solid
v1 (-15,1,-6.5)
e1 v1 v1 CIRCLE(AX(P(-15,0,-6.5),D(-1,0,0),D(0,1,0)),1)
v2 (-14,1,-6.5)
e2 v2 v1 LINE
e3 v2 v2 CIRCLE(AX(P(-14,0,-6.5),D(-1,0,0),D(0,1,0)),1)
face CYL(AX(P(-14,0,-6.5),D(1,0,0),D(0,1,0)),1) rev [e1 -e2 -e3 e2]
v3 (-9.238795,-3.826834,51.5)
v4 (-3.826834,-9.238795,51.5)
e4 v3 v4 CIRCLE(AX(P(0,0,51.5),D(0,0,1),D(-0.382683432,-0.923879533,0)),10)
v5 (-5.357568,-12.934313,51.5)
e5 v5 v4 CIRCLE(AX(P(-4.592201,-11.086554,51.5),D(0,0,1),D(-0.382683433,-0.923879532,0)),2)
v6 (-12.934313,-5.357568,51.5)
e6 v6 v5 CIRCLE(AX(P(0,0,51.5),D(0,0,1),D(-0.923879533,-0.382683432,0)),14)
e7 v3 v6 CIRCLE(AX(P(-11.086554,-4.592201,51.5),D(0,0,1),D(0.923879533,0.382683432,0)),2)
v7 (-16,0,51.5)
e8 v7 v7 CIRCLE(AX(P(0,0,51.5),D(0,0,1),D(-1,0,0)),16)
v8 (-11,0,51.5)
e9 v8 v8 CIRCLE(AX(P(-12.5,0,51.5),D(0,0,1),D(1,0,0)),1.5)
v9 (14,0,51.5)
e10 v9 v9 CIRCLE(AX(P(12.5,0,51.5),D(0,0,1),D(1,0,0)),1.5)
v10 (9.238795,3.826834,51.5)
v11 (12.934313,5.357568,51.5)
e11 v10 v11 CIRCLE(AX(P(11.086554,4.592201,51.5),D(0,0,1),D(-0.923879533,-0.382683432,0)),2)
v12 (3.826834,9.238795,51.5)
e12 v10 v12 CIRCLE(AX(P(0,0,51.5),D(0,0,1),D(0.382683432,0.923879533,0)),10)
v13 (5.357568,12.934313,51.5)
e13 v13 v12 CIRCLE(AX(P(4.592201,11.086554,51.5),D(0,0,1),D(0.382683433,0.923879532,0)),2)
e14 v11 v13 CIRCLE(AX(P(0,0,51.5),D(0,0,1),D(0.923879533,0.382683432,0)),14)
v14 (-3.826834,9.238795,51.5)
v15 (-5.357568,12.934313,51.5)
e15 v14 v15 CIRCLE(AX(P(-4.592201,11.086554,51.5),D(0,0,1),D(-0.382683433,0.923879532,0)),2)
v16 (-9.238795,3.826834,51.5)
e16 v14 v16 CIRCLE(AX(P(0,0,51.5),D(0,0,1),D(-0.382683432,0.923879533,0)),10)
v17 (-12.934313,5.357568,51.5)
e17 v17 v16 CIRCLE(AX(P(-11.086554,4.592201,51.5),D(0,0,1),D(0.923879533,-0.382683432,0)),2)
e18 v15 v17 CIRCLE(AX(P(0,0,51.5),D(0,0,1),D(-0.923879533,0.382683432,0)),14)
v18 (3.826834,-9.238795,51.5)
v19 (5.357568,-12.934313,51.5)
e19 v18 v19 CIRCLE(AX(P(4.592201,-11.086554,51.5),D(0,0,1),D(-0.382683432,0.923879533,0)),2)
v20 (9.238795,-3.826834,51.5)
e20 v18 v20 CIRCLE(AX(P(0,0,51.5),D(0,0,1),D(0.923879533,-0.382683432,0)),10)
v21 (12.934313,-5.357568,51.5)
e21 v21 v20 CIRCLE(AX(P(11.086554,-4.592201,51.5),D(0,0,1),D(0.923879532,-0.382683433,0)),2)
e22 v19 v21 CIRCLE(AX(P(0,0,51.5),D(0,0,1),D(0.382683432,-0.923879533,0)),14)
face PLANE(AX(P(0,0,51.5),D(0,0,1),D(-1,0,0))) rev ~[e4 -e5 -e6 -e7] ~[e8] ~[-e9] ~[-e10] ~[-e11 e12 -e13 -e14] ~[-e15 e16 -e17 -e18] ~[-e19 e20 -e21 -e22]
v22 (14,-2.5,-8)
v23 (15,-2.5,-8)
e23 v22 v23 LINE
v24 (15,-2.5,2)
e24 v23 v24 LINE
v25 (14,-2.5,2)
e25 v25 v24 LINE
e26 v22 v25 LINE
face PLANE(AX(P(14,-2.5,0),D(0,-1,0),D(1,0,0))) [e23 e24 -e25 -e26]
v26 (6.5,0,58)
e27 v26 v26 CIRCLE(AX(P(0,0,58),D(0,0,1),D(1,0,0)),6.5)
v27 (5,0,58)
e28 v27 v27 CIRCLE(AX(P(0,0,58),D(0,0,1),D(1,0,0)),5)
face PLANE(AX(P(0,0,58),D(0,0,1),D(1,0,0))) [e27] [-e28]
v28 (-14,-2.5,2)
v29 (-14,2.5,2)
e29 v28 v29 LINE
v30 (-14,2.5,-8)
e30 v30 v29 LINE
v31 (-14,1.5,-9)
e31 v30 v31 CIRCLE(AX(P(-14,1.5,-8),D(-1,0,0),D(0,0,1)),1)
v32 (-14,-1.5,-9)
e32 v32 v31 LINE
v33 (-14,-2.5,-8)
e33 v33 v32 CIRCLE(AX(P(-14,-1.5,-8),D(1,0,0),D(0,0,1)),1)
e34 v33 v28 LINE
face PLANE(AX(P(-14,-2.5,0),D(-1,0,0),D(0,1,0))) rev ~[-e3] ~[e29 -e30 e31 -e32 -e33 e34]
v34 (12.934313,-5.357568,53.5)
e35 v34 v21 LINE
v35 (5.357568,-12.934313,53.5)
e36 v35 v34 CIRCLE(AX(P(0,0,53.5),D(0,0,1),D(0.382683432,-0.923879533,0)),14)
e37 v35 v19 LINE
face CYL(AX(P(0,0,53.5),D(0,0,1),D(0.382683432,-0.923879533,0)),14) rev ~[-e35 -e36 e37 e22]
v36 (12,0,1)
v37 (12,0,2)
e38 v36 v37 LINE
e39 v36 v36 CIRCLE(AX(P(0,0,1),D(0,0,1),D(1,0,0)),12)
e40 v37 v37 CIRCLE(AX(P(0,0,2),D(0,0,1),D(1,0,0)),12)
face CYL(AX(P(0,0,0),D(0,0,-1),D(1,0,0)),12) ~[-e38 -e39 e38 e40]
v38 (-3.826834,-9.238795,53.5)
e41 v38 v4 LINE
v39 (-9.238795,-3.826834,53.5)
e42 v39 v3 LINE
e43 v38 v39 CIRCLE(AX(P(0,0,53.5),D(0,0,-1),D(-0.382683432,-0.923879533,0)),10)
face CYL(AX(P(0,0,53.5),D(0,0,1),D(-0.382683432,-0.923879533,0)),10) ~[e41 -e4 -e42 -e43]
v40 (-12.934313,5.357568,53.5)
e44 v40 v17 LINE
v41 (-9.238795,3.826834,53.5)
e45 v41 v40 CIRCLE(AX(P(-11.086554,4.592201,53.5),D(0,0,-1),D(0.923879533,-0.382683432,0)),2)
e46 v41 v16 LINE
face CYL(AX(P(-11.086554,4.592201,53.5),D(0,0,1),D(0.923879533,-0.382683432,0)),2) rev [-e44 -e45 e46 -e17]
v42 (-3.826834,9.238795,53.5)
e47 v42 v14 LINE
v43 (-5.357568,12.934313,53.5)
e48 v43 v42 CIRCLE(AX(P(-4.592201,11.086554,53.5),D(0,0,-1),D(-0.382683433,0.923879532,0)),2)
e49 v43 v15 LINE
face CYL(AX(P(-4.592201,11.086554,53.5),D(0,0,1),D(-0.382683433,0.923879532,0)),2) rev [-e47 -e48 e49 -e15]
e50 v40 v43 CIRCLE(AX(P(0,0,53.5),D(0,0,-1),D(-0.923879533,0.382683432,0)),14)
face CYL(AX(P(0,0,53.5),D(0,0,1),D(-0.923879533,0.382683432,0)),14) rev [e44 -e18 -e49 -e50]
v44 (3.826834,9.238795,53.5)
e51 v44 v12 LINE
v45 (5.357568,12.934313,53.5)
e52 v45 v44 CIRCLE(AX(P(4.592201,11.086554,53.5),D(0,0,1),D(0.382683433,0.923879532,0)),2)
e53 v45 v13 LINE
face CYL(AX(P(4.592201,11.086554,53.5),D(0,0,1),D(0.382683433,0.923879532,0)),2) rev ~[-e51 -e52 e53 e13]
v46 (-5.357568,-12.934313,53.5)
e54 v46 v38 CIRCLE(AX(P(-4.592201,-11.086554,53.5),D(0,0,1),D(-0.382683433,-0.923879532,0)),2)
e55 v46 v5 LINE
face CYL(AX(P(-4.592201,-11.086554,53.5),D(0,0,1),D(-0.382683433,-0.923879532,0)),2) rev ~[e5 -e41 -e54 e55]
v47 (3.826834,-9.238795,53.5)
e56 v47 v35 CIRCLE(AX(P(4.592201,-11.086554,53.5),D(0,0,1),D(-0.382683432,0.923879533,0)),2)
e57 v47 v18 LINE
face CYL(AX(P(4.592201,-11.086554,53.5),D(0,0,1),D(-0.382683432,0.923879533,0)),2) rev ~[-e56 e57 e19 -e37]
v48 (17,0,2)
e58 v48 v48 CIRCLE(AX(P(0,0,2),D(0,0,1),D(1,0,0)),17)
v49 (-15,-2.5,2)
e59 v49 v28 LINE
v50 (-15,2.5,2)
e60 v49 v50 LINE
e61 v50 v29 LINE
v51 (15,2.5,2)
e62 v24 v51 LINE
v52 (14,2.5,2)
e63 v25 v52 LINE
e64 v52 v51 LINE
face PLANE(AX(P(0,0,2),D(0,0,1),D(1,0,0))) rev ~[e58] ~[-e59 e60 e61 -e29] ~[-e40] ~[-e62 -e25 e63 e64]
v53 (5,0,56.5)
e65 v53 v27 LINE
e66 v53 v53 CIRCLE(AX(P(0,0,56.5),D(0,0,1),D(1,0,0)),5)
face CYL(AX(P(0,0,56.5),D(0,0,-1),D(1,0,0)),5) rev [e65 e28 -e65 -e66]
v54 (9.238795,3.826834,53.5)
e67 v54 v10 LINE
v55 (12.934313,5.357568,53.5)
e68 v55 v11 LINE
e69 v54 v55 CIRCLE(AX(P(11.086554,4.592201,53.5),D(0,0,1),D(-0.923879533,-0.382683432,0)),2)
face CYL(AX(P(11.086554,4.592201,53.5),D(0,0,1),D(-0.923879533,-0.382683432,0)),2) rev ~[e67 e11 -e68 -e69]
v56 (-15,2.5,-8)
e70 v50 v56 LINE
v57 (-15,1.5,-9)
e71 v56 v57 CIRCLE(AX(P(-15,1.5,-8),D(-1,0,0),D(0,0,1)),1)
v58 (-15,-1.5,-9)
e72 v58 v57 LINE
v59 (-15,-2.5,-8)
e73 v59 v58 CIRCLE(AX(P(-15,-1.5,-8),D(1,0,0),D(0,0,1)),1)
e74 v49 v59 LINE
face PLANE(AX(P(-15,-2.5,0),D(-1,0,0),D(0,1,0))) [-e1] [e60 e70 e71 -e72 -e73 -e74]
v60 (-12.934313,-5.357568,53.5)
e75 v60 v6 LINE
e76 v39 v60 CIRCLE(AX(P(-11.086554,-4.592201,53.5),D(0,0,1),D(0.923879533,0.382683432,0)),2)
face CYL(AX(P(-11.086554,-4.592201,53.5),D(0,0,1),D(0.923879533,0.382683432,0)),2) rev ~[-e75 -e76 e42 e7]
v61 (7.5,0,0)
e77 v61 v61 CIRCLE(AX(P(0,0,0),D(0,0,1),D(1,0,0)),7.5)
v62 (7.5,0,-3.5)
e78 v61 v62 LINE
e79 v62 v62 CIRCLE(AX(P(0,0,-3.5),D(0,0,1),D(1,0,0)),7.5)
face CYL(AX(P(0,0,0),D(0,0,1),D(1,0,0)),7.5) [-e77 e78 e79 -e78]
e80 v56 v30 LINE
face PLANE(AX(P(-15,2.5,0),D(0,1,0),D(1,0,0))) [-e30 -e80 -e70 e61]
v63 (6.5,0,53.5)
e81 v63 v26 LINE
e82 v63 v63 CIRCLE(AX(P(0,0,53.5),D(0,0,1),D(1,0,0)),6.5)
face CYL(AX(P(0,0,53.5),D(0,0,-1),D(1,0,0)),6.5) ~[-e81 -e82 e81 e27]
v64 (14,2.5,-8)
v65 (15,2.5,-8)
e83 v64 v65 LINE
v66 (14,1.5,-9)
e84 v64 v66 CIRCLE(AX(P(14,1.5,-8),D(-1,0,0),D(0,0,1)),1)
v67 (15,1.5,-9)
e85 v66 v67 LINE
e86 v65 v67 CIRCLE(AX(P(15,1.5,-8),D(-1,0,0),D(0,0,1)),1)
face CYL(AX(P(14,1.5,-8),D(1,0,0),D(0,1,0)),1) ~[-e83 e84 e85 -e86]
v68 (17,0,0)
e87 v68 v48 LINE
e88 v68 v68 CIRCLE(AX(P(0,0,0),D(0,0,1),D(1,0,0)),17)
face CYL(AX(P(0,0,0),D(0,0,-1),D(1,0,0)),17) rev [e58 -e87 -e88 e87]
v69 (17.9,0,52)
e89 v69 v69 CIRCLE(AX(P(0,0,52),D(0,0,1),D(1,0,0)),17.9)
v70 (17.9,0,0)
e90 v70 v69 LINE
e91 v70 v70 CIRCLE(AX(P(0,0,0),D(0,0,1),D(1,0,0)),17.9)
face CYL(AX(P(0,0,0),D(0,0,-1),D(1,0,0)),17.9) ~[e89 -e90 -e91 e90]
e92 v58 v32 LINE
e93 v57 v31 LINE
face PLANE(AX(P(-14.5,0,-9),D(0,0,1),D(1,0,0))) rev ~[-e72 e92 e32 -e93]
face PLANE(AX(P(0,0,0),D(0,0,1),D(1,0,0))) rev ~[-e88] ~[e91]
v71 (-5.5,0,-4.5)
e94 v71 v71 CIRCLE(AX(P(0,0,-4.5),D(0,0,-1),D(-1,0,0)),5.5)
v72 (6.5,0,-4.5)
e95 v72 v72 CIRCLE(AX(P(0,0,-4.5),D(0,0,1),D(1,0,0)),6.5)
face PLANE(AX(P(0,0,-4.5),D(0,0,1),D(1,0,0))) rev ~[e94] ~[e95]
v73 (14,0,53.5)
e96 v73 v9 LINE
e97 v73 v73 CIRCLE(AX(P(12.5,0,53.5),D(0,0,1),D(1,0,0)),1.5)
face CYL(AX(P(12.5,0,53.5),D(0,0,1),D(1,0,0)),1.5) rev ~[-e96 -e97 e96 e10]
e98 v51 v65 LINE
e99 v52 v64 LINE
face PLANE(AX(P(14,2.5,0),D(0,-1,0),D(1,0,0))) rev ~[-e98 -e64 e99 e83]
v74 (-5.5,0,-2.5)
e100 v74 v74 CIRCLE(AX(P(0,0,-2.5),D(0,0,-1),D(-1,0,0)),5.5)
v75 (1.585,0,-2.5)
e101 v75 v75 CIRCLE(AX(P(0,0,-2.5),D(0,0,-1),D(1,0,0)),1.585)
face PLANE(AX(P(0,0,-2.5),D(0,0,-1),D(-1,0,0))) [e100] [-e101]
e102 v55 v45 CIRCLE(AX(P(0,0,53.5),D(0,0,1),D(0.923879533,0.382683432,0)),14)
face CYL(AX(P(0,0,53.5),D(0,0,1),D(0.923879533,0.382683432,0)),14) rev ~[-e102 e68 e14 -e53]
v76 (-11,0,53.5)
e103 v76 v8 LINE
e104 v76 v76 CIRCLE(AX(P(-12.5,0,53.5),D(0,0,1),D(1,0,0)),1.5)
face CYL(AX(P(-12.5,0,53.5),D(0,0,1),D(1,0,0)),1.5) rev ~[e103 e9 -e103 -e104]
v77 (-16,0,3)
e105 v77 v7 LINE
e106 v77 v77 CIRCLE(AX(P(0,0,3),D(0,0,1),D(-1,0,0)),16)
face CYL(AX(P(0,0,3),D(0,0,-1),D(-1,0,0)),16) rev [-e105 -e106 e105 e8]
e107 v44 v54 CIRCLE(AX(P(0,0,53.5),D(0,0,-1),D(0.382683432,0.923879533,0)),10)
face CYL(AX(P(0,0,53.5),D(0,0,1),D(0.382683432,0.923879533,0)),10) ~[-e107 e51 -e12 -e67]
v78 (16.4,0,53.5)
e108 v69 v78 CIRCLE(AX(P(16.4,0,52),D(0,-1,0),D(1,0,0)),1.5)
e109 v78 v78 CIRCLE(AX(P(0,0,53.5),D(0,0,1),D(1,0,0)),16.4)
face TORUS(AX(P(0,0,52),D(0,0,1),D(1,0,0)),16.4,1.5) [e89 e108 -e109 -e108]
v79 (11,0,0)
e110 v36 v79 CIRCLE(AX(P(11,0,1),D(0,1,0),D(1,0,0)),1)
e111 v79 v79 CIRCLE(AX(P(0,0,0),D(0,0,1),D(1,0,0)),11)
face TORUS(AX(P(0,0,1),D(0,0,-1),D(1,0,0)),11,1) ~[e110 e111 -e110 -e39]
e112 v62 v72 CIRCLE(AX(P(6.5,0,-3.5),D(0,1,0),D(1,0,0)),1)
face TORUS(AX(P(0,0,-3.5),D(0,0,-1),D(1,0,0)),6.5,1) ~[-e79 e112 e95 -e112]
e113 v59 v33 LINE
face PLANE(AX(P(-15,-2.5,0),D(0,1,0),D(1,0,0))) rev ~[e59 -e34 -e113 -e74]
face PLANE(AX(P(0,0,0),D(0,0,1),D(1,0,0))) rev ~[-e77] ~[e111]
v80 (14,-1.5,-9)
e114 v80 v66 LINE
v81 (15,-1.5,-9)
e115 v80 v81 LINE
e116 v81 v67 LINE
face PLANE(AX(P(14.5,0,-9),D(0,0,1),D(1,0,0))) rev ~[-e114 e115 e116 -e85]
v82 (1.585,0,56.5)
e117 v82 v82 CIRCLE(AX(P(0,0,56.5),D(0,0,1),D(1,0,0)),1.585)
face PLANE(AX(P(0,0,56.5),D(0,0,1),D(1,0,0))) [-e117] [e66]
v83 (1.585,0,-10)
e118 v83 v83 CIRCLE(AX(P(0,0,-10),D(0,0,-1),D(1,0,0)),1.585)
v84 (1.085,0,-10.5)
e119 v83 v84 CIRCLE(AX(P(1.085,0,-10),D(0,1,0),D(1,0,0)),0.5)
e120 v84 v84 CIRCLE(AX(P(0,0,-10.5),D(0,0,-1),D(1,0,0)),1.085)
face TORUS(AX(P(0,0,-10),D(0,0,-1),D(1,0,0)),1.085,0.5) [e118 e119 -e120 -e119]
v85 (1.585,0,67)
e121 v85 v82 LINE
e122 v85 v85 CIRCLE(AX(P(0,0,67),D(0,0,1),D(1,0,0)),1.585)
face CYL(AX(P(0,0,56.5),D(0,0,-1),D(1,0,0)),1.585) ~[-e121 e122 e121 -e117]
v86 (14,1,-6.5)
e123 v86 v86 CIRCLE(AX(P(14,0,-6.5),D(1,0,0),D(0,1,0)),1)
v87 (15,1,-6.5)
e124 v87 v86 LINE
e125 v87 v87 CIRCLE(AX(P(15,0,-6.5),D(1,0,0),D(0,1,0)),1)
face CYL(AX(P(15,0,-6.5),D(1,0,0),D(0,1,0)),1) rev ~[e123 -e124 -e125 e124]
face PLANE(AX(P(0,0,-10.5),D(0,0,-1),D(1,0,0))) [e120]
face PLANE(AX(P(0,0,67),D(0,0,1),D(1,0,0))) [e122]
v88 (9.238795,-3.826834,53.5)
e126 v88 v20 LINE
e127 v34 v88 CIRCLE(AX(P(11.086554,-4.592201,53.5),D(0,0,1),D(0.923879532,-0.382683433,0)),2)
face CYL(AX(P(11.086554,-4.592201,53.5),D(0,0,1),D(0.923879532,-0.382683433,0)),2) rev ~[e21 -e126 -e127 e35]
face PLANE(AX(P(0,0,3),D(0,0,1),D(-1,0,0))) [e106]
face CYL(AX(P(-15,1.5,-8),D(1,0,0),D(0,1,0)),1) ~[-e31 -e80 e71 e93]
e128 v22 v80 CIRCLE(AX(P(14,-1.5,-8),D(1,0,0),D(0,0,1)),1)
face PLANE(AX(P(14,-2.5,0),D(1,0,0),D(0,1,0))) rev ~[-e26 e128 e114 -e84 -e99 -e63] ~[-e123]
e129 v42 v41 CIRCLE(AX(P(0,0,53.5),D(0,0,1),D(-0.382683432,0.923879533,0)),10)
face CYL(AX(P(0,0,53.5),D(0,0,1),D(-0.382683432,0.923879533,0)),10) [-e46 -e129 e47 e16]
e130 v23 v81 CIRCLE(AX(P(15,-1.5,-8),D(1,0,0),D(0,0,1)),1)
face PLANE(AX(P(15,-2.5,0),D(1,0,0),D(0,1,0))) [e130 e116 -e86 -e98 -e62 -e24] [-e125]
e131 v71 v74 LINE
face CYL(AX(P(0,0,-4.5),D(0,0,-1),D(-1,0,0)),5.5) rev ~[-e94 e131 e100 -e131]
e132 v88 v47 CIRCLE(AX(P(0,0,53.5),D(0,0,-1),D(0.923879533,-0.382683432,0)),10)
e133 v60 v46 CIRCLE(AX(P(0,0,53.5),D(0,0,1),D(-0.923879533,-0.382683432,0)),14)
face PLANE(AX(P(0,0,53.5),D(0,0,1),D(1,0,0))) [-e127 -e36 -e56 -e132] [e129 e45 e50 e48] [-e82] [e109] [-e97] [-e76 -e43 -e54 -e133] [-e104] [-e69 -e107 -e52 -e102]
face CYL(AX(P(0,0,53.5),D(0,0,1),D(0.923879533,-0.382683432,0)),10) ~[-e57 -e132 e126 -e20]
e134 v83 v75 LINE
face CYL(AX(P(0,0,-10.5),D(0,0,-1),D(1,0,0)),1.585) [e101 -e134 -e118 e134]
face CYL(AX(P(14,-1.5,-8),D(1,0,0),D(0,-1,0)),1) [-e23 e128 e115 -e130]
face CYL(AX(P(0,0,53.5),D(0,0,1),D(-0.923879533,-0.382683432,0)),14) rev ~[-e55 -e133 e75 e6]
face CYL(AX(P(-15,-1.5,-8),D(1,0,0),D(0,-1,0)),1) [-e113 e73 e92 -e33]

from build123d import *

# Parameters (mm, degrees)
SKETCH_1_R           = 17.9
EXTRUDE_1_DEPTH      = 53.5
SKETCH_2_R           = 6.5
EXTRUDE_2_DEPTH      = 4.5
SKETCH_2_3_R         = 1.5
CUT_EXTRUDE_1_DEPTH  = 10
SKETCH_5_R           = 1.585
EXTRUDE_3_DEPTH      = 9
CUT_EXTRUDE_START    = -1.5
SKETCH_5_3_R         = 5
SKETCH_5_3_R_2       = 1.585
CUT_EXTRUDE_2_DEPTH  = 1.5
CUT_EXTRUDE_3_DEPTH  = 5
SKETCH_8_R           = 16
CUT_EXTRUDE_4_DEPTH  = 48.5
SKETCH_1_5_R         = 7.5
EXTRUDE_5_DEPTH      = 4.5
SKETCH_1_7_R         = 17
SKETCH_1_7_R_2       = 12
SKETCH_1_7_W         = 1
SKETCH_1_7_H         = 5
CUT_EXTRUDE_6_DEPTH  = 2
SKETCH_1_8_W         = 1
SKETCH_1_8_H         = 5
EXTRUDE_6_DEPTH      = 9
FILLET_5_R           = 1
FILLET_9_R           = 1
FILLET_10_R          = 1.5
SKETCH_10_R          = 1
CUT_EXTRUDE_9_DEPTH  = 1
CUT_EXTRUDE_START_2  = -1
SKETCH_11_R          = 1
CUT_EXTRUDE_10_DEPTH = 1
FILLET_11_R          = 1
SKETCH_12_R          = 5.5
CUT_EXTRUDE_11_DEPTH = 2
EXTRUDE_START        = 8
SKETCH_13_R          = 1.585
EXTRUDE_7_DEPTH      = 8
FILLET_20_R          = 0.5


with BuildPart() as part:
    # Эскиз1 → Бобышка-Вытянуть1 (new body)
    with BuildSketch(Plane.XY):
        Circle(SKETCH_1_R)
    extrude(amount=EXTRUDE_1_DEPTH)

    # Эскиз2 → Бобышка-Вытянуть2 (add)
    with BuildSketch(Plane.XY.offset(53.5)):
        Circle(SKETCH_2_R)
    extrude(amount=EXTRUDE_2_DEPTH)

    # Эскиз2<3> → Вырез-Вытянуть1 (cut)
    with BuildSketch(Plane.XY.offset(53.5)):
        with Locations((12.5, 0)):
            Circle(SKETCH_2_3_R)
        with Locations((-12.5, 0)):
            Circle(SKETCH_2_3_R)
    extrude(amount=-CUT_EXTRUDE_1_DEPTH, mode=Mode.SUBTRACT)

    # Эскиз5 → Бобышка-Вытянуть3 (add)
    with BuildSketch(Plane.XY.offset(58)):
        Circle(SKETCH_5_R)
    extrude(amount=EXTRUDE_3_DEPTH)

    # Эскиз5<3> → Вырез-Вытянуть2 (cut)
    with BuildSketch(Plane.XY.offset(58).offset(CUT_EXTRUDE_START)):
        Circle(SKETCH_5_3_R)
        Circle(SKETCH_5_3_R_2, mode=Mode.SUBTRACT)
    extrude(amount=CUT_EXTRUDE_2_DEPTH, mode=Mode.SUBTRACT)

    # Эскиз2<4> → Вырез-Вытянуть3 (cut)
    with BuildSketch(Plane.XY.offset(53.5)):
        with BuildLine():
            ThreePointArc((-3.826834324, 9.238795325), (-7.071067812, 7.071067812), (-9.238795325, 3.826834324))
            ThreePointArc((-9.238795325, 3.826834324), (-11.851921255, 2.744442123), (-12.934313455, 5.357568053))
            ThreePointArc((-12.934313455, 5.357568053), (-9.899494937, 9.899494937), (-5.357568053, 12.934313455))
            ThreePointArc((-5.357568053, 12.934313455), (-2.744442123, 11.851921255), (-3.826834324, 9.238795325))
        make_face()
        with BuildLine():
            ThreePointArc((12.934313455, 5.357568053), (9.899494937, 9.899494937), (5.357568053, 12.934313455))
            ThreePointArc((5.357568053, 12.934313455), (2.744442123, 11.851921255), (3.826834324, 9.238795325))
            ThreePointArc((3.826834324, 9.238795325), (7.071067812, 7.071067812), (9.238795325, 3.826834324))
            ThreePointArc((9.238795325, 3.826834324), (11.851921255, 2.744442123), (12.934313455, 5.357568053))
        make_face()
        with BuildLine():
            ThreePointArc((12.934313455, -5.357568053), (11.851921255, -2.744442123), (9.238795325, -3.826834324))
            ThreePointArc((9.238795325, -3.826834324), (7.071067812, -7.071067812), (3.826834324, -9.238795325))
            ThreePointArc((3.826834324, -9.238795325), (2.744442123, -11.851921255), (5.357568053, -12.934313455))
            ThreePointArc((5.357568053, -12.934313455), (9.899494937, -9.899494937), (12.934313455, -5.357568053))
        make_face()
        with BuildLine():
            ThreePointArc((-5.357568053, -12.934313455), (-2.744442123, -11.851921255), (-3.826834324, -9.238795325))
            ThreePointArc((-3.826834324, -9.238795325), (-7.071067812, -7.071067812), (-9.238795325, -3.826834324))
            ThreePointArc((-9.238795325, -3.826834324), (-11.851921255, -2.744442123), (-12.934313455, -5.357568053))
            ThreePointArc((-12.934313455, -5.357568053), (-9.899494937, -9.899494937), (-5.357568053, -12.934313455))
        make_face()
    extrude(amount=-CUT_EXTRUDE_3_DEPTH, mode=Mode.SUBTRACT)

    # Эскиз8 → Вырез-Вытянуть4 (cut)
    with BuildSketch(Plane.XY.offset(3)):
        with Locations(Location((0, 0, 0), (0, 0, 180))):
            Circle(SKETCH_8_R)
    extrude(amount=CUT_EXTRUDE_4_DEPTH, mode=Mode.SUBTRACT)

    # Эскиз1<5> → Бобышка-Вытянуть5 (add)
    with BuildSketch(Plane.XY):
        Circle(SKETCH_1_5_R)
    extrude(amount=-EXTRUDE_5_DEPTH)

    # Эскиз1<7> → Вырез-Вытянуть6 (cut)
    with BuildSketch(Plane.XY):
        Circle(SKETCH_1_7_R)
        Circle(SKETCH_1_7_R_2, mode=Mode.SUBTRACT)
        with Locations((-14.5, 0)):
            Rectangle(SKETCH_1_7_W, SKETCH_1_7_H, mode=Mode.SUBTRACT)
        with Locations((14.5, 0)):
            Rectangle(SKETCH_1_7_W, SKETCH_1_7_H, mode=Mode.SUBTRACT)
    extrude(amount=CUT_EXTRUDE_6_DEPTH, mode=Mode.SUBTRACT)

    # Эскиз1<8> → Бобышка-Вытянуть6 (add)
    with BuildSketch(Plane.XY):
        with Locations((14.5, 0)):
            Rectangle(SKETCH_1_8_W, SKETCH_1_8_H)
        with Locations((-14.5, 0)):
            Rectangle(SKETCH_1_8_W, SKETCH_1_8_H)
    extrude(amount=-EXTRUDE_6_DEPTH)

    # Скругление5
    fillet_5_edges = [part.edges().sort_by_distance(p)[0] for p in [
        (-12, 0, 0),
    ]]
    fillet(fillet_5_edges, radius=FILLET_5_R)

    # Скругление9
    fillet_9_edges = [part.edges().sort_by_distance(p)[0] for p in [
        (-7.5, 0, -4.5),
    ]]
    fillet(fillet_9_edges, radius=FILLET_9_R)

    # Скругление10
    fillet_10_edges = [part.edges().sort_by_distance(p)[0] for p in [
        (-17.9, 0, 53.5),
    ]]
    fillet(fillet_10_edges, radius=FILLET_10_R)

    # Эскиз10 → Вырез-Вытянуть9 (cut)
    with BuildSketch(Plane(origin=(15, 0, 0), x_dir=(0, 0, -1), z_dir=(1, 0, 0))):
        with Locations(Location((6.5, 0, 0), (0, 0, 90))):
            Circle(SKETCH_10_R)
    extrude(amount=-CUT_EXTRUDE_9_DEPTH, mode=Mode.SUBTRACT)

    # Эскиз11 → Вырез-Вытянуть10 (cut)
    with BuildSketch(Plane.ZY.offset(15).offset(CUT_EXTRUDE_START_2)):
        with Locations(Location((-6.5, 0, 0), (0, 0, 90))):
            Circle(SKETCH_11_R)
    extrude(amount=CUT_EXTRUDE_10_DEPTH, mode=Mode.SUBTRACT)

    # Скругление11
    fillet_11_edges = [part.edges().sort_by_distance(p)[0] for p in [
        (-14.5, -2.5, -9),
        (-14.5, 2.5, -9),
        (14.5, 2.5, -9),
        (14.5, -2.5, -9),
    ]]
    fillet(fillet_11_edges, radius=FILLET_11_R)

    # Эскиз12 → Вырез-Вытянуть11 (cut)
    with BuildSketch(Plane(origin=(0, 0, -4.5), x_dir=(-1, 0, 0), z_dir=(0, 0, -1))):
        Circle(SKETCH_12_R)
    extrude(amount=-CUT_EXTRUDE_11_DEPTH, mode=Mode.SUBTRACT)

    # Эскиз13 → Бобышка-Вытянуть7 (add)
    with BuildSketch(Plane(origin=(0, 0, -2.5), x_dir=(-1, 0, 0), z_dir=(0, 0, -1)).offset(EXTRUDE_START)):
        with Locations(Location((0, 0, 0), (0, 0, 180))):
            Circle(SKETCH_13_R)
    extrude(amount=-EXTRUDE_7_DEPTH)

    # Скругление20
    fillet_20_edges = [part.edges().sort_by_distance(p)[0] for p in [
        (-1.585, 0, -10.5),
    ]]
    fillet(fillet_20_edges, radius=FILLET_20_R)


solid = part.part
